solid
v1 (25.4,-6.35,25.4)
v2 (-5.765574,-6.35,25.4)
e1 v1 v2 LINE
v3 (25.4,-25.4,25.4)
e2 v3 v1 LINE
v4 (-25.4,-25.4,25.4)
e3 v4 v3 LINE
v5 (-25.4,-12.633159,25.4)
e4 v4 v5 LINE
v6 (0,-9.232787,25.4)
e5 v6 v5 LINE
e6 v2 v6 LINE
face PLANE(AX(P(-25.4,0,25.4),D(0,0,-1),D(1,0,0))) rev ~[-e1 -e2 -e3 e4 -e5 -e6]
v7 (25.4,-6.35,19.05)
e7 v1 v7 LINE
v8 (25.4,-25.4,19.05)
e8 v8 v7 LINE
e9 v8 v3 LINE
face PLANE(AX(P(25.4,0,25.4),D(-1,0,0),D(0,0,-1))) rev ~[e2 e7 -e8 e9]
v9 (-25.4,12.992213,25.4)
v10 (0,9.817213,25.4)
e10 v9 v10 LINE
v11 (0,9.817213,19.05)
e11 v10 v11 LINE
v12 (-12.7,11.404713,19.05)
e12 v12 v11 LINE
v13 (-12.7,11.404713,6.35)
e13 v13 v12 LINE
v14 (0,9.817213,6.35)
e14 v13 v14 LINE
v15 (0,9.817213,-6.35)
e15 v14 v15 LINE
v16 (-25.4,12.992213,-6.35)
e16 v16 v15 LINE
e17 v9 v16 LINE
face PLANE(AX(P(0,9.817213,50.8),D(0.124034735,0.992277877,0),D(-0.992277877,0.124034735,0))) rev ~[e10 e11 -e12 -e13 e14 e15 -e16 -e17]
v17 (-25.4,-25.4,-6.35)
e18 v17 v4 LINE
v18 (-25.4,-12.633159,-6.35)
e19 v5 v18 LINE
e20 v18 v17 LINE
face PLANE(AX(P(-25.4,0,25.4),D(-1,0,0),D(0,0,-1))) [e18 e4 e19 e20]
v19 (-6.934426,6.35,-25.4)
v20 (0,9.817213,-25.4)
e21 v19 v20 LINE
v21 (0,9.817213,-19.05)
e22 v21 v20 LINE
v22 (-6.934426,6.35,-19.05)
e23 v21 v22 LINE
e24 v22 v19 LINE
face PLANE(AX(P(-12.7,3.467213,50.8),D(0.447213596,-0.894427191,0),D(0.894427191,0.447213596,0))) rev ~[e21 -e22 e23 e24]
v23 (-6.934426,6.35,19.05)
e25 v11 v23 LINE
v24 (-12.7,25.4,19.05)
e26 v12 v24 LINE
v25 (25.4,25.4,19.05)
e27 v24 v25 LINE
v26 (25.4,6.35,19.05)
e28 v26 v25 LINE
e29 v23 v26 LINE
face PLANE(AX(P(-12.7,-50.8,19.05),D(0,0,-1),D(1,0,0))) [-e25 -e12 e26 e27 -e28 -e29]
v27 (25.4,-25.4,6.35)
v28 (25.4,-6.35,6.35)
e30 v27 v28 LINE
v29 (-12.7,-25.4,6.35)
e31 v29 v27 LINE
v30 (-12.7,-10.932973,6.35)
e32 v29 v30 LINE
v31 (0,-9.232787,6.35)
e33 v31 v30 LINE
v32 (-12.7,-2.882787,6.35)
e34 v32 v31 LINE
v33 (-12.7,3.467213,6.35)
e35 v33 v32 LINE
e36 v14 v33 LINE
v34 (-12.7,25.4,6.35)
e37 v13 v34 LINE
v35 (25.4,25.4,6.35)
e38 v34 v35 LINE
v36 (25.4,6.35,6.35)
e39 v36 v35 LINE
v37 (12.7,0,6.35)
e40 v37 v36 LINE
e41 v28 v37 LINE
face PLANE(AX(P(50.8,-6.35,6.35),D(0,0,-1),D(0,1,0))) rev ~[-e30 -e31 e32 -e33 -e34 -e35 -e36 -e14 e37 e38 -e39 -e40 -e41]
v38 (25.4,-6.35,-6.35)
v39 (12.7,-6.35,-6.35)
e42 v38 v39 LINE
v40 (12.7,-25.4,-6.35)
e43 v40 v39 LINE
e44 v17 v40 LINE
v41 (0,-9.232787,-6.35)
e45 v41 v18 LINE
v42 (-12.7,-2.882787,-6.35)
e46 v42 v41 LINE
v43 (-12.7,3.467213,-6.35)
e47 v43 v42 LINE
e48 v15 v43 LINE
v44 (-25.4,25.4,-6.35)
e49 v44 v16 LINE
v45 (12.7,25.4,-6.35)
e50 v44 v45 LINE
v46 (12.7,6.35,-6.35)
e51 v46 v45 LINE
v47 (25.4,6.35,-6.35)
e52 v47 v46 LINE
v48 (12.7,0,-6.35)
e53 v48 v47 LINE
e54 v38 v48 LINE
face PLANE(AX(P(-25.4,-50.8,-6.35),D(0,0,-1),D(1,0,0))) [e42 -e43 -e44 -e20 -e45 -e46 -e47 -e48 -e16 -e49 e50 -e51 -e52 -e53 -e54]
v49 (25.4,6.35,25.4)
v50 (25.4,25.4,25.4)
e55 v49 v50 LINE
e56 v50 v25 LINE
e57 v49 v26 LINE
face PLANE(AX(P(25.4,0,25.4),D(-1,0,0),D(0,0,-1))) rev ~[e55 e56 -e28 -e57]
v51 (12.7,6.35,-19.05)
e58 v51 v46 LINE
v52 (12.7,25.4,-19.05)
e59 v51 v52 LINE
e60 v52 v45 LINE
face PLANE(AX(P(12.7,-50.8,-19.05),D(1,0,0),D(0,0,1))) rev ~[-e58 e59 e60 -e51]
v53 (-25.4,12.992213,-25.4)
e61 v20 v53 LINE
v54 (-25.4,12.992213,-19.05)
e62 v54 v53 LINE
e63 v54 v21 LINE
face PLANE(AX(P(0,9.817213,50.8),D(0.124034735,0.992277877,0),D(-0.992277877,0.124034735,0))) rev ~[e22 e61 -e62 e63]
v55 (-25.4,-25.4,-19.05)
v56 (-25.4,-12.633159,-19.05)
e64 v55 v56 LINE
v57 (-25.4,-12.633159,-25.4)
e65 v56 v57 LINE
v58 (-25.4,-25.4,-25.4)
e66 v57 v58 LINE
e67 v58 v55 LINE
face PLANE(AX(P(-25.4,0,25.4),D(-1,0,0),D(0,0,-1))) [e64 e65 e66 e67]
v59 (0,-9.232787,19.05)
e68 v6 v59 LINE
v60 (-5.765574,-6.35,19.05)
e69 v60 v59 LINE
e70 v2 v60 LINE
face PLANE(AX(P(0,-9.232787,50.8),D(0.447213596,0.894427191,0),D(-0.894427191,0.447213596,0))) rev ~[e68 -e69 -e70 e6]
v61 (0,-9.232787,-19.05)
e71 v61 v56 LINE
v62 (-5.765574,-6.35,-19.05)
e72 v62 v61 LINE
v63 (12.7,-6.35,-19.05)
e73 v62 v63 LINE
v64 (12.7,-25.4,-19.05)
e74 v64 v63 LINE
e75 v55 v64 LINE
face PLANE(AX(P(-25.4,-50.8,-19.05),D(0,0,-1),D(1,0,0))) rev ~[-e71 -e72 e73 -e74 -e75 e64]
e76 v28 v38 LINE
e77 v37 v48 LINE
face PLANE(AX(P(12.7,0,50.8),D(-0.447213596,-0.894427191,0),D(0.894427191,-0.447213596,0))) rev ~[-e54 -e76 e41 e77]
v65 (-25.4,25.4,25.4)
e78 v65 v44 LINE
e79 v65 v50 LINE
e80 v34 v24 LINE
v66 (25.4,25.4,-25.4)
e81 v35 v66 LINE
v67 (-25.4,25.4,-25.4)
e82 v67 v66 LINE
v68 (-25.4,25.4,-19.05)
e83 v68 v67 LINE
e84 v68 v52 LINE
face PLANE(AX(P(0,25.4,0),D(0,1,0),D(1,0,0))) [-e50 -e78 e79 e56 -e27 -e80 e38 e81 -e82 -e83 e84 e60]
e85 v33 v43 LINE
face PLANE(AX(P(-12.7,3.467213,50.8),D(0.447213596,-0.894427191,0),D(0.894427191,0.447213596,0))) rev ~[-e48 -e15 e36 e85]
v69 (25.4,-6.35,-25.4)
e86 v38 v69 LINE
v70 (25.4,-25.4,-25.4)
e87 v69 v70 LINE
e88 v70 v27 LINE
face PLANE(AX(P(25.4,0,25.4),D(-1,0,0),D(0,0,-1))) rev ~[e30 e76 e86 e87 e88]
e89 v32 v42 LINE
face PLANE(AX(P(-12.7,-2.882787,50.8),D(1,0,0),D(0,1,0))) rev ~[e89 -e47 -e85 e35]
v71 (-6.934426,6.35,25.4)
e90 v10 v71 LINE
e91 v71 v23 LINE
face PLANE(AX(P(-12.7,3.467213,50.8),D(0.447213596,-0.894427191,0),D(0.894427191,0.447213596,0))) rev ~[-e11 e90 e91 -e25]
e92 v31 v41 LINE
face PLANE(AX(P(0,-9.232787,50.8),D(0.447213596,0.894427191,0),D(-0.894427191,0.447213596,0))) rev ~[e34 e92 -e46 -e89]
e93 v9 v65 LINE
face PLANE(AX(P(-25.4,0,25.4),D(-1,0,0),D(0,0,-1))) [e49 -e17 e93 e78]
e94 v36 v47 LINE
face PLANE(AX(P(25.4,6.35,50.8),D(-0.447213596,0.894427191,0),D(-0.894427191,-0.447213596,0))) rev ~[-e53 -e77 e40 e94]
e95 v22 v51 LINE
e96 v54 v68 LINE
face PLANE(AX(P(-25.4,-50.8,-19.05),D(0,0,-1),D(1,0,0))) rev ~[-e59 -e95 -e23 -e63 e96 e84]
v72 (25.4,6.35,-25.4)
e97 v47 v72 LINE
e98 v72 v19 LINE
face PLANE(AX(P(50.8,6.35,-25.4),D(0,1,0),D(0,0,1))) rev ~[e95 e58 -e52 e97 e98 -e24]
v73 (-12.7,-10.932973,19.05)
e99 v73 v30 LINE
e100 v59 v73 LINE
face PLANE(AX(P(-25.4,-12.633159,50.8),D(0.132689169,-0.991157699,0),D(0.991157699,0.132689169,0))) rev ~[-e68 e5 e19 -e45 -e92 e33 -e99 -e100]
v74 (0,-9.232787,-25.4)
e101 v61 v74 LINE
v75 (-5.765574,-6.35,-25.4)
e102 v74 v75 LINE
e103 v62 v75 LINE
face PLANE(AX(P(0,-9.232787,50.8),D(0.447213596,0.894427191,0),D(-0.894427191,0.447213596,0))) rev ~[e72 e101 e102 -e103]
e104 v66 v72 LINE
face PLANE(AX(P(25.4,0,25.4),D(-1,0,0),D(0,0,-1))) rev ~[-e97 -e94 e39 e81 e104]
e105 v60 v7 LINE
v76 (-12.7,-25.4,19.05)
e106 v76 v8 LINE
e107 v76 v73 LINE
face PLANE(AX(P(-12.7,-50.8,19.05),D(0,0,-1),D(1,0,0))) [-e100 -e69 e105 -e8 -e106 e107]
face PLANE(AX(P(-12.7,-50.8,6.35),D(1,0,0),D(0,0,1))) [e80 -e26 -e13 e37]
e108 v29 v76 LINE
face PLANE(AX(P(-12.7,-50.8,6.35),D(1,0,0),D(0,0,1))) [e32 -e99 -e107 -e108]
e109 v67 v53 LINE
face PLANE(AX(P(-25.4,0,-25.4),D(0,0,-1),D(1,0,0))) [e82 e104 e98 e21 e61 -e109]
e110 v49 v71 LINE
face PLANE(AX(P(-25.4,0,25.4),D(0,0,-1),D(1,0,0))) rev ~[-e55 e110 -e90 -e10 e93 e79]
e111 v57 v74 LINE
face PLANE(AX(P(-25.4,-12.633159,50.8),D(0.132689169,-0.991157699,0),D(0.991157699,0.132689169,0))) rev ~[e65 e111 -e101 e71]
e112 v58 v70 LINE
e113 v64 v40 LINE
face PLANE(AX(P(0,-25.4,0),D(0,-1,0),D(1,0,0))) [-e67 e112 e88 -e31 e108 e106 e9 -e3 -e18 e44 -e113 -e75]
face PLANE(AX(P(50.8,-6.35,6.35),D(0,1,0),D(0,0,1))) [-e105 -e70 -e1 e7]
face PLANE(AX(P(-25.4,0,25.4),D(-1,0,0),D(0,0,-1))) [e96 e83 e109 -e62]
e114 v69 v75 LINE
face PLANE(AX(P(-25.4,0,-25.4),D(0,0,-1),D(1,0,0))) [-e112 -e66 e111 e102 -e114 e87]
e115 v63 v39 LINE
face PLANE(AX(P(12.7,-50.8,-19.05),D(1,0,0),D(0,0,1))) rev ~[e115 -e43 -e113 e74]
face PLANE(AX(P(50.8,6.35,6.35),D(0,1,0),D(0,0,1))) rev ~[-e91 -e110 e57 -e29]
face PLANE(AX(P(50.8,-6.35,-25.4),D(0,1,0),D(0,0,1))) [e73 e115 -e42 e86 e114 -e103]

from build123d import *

# Parameters (mm, degrees)
F3_W      = 50.8
F3_H      = 50.8
F4_DEPTH  = 25.4
F4_FACE_W = 50.8
F4_FACE_H = 50.8
F5_DEPTH  = 25.4
F6_W      = 38.1
F6_H      = 12.7
F7_DEPTH  = 76.2
F8_W      = 12.7
F8_H      = 19.05
F9_DEPTH  = 76.2
F11_DEPTH = 76.2


with BuildPart() as f4:
    # F3 (on Front) → F4 (new body)
    with BuildSketch(Plane.XZ):
        Rectangle(F3_W, F3_H)
    extrude(amount=F4_DEPTH)

    # F4_face (on face) → F5 (join)
    with BuildSketch(Plane(origin=(0, 0, 0), x_dir=(1, 0, 0), z_dir=(0, 1, 0))):
        Rectangle(F4_FACE_W, F4_FACE_H)
    extrude(amount=F5_DEPTH)

    # F6 (on offset) → F7 (cut)
    with BuildSketch(Plane.XZ.offset(50.8)):
        with Locations((6.35, 12.7)):
            Rectangle(F6_W, F6_H)
        with Locations((-6.35, -12.7)):
            Rectangle(F6_W, F6_H)
    extrude(amount=-F7_DEPTH, mode=Mode.SUBTRACT)

    # F8 (on offset) → F9 (cut)
    with BuildSketch(Plane.YZ.offset(50.8)):
        with Locations((0, 15.875)):
            Rectangle(F8_W, F8_H)
        with Locations((0, -15.875)):
            Rectangle(F8_W, F8_H)
    extrude(amount=-F9_DEPTH, mode=Mode.SUBTRACT)

    # F10 (on offset) → F11 (cut)
    with BuildSketch(Plane.XY.offset(50.8)):
        Polygon((25.4, -6.35), (25.4, 6.35), (12.7, 0), align=None)
        Polygon((0, 9.817213), (-25.4, 12.992213), (-25.4, -12.633159), (0, -9.232787), (-12.7, -2.882787), (-12.7, 3.467213), align=None)
    extrude(amount=-F11_DEPTH, mode=Mode.SUBTRACT)


solid = f4.part
